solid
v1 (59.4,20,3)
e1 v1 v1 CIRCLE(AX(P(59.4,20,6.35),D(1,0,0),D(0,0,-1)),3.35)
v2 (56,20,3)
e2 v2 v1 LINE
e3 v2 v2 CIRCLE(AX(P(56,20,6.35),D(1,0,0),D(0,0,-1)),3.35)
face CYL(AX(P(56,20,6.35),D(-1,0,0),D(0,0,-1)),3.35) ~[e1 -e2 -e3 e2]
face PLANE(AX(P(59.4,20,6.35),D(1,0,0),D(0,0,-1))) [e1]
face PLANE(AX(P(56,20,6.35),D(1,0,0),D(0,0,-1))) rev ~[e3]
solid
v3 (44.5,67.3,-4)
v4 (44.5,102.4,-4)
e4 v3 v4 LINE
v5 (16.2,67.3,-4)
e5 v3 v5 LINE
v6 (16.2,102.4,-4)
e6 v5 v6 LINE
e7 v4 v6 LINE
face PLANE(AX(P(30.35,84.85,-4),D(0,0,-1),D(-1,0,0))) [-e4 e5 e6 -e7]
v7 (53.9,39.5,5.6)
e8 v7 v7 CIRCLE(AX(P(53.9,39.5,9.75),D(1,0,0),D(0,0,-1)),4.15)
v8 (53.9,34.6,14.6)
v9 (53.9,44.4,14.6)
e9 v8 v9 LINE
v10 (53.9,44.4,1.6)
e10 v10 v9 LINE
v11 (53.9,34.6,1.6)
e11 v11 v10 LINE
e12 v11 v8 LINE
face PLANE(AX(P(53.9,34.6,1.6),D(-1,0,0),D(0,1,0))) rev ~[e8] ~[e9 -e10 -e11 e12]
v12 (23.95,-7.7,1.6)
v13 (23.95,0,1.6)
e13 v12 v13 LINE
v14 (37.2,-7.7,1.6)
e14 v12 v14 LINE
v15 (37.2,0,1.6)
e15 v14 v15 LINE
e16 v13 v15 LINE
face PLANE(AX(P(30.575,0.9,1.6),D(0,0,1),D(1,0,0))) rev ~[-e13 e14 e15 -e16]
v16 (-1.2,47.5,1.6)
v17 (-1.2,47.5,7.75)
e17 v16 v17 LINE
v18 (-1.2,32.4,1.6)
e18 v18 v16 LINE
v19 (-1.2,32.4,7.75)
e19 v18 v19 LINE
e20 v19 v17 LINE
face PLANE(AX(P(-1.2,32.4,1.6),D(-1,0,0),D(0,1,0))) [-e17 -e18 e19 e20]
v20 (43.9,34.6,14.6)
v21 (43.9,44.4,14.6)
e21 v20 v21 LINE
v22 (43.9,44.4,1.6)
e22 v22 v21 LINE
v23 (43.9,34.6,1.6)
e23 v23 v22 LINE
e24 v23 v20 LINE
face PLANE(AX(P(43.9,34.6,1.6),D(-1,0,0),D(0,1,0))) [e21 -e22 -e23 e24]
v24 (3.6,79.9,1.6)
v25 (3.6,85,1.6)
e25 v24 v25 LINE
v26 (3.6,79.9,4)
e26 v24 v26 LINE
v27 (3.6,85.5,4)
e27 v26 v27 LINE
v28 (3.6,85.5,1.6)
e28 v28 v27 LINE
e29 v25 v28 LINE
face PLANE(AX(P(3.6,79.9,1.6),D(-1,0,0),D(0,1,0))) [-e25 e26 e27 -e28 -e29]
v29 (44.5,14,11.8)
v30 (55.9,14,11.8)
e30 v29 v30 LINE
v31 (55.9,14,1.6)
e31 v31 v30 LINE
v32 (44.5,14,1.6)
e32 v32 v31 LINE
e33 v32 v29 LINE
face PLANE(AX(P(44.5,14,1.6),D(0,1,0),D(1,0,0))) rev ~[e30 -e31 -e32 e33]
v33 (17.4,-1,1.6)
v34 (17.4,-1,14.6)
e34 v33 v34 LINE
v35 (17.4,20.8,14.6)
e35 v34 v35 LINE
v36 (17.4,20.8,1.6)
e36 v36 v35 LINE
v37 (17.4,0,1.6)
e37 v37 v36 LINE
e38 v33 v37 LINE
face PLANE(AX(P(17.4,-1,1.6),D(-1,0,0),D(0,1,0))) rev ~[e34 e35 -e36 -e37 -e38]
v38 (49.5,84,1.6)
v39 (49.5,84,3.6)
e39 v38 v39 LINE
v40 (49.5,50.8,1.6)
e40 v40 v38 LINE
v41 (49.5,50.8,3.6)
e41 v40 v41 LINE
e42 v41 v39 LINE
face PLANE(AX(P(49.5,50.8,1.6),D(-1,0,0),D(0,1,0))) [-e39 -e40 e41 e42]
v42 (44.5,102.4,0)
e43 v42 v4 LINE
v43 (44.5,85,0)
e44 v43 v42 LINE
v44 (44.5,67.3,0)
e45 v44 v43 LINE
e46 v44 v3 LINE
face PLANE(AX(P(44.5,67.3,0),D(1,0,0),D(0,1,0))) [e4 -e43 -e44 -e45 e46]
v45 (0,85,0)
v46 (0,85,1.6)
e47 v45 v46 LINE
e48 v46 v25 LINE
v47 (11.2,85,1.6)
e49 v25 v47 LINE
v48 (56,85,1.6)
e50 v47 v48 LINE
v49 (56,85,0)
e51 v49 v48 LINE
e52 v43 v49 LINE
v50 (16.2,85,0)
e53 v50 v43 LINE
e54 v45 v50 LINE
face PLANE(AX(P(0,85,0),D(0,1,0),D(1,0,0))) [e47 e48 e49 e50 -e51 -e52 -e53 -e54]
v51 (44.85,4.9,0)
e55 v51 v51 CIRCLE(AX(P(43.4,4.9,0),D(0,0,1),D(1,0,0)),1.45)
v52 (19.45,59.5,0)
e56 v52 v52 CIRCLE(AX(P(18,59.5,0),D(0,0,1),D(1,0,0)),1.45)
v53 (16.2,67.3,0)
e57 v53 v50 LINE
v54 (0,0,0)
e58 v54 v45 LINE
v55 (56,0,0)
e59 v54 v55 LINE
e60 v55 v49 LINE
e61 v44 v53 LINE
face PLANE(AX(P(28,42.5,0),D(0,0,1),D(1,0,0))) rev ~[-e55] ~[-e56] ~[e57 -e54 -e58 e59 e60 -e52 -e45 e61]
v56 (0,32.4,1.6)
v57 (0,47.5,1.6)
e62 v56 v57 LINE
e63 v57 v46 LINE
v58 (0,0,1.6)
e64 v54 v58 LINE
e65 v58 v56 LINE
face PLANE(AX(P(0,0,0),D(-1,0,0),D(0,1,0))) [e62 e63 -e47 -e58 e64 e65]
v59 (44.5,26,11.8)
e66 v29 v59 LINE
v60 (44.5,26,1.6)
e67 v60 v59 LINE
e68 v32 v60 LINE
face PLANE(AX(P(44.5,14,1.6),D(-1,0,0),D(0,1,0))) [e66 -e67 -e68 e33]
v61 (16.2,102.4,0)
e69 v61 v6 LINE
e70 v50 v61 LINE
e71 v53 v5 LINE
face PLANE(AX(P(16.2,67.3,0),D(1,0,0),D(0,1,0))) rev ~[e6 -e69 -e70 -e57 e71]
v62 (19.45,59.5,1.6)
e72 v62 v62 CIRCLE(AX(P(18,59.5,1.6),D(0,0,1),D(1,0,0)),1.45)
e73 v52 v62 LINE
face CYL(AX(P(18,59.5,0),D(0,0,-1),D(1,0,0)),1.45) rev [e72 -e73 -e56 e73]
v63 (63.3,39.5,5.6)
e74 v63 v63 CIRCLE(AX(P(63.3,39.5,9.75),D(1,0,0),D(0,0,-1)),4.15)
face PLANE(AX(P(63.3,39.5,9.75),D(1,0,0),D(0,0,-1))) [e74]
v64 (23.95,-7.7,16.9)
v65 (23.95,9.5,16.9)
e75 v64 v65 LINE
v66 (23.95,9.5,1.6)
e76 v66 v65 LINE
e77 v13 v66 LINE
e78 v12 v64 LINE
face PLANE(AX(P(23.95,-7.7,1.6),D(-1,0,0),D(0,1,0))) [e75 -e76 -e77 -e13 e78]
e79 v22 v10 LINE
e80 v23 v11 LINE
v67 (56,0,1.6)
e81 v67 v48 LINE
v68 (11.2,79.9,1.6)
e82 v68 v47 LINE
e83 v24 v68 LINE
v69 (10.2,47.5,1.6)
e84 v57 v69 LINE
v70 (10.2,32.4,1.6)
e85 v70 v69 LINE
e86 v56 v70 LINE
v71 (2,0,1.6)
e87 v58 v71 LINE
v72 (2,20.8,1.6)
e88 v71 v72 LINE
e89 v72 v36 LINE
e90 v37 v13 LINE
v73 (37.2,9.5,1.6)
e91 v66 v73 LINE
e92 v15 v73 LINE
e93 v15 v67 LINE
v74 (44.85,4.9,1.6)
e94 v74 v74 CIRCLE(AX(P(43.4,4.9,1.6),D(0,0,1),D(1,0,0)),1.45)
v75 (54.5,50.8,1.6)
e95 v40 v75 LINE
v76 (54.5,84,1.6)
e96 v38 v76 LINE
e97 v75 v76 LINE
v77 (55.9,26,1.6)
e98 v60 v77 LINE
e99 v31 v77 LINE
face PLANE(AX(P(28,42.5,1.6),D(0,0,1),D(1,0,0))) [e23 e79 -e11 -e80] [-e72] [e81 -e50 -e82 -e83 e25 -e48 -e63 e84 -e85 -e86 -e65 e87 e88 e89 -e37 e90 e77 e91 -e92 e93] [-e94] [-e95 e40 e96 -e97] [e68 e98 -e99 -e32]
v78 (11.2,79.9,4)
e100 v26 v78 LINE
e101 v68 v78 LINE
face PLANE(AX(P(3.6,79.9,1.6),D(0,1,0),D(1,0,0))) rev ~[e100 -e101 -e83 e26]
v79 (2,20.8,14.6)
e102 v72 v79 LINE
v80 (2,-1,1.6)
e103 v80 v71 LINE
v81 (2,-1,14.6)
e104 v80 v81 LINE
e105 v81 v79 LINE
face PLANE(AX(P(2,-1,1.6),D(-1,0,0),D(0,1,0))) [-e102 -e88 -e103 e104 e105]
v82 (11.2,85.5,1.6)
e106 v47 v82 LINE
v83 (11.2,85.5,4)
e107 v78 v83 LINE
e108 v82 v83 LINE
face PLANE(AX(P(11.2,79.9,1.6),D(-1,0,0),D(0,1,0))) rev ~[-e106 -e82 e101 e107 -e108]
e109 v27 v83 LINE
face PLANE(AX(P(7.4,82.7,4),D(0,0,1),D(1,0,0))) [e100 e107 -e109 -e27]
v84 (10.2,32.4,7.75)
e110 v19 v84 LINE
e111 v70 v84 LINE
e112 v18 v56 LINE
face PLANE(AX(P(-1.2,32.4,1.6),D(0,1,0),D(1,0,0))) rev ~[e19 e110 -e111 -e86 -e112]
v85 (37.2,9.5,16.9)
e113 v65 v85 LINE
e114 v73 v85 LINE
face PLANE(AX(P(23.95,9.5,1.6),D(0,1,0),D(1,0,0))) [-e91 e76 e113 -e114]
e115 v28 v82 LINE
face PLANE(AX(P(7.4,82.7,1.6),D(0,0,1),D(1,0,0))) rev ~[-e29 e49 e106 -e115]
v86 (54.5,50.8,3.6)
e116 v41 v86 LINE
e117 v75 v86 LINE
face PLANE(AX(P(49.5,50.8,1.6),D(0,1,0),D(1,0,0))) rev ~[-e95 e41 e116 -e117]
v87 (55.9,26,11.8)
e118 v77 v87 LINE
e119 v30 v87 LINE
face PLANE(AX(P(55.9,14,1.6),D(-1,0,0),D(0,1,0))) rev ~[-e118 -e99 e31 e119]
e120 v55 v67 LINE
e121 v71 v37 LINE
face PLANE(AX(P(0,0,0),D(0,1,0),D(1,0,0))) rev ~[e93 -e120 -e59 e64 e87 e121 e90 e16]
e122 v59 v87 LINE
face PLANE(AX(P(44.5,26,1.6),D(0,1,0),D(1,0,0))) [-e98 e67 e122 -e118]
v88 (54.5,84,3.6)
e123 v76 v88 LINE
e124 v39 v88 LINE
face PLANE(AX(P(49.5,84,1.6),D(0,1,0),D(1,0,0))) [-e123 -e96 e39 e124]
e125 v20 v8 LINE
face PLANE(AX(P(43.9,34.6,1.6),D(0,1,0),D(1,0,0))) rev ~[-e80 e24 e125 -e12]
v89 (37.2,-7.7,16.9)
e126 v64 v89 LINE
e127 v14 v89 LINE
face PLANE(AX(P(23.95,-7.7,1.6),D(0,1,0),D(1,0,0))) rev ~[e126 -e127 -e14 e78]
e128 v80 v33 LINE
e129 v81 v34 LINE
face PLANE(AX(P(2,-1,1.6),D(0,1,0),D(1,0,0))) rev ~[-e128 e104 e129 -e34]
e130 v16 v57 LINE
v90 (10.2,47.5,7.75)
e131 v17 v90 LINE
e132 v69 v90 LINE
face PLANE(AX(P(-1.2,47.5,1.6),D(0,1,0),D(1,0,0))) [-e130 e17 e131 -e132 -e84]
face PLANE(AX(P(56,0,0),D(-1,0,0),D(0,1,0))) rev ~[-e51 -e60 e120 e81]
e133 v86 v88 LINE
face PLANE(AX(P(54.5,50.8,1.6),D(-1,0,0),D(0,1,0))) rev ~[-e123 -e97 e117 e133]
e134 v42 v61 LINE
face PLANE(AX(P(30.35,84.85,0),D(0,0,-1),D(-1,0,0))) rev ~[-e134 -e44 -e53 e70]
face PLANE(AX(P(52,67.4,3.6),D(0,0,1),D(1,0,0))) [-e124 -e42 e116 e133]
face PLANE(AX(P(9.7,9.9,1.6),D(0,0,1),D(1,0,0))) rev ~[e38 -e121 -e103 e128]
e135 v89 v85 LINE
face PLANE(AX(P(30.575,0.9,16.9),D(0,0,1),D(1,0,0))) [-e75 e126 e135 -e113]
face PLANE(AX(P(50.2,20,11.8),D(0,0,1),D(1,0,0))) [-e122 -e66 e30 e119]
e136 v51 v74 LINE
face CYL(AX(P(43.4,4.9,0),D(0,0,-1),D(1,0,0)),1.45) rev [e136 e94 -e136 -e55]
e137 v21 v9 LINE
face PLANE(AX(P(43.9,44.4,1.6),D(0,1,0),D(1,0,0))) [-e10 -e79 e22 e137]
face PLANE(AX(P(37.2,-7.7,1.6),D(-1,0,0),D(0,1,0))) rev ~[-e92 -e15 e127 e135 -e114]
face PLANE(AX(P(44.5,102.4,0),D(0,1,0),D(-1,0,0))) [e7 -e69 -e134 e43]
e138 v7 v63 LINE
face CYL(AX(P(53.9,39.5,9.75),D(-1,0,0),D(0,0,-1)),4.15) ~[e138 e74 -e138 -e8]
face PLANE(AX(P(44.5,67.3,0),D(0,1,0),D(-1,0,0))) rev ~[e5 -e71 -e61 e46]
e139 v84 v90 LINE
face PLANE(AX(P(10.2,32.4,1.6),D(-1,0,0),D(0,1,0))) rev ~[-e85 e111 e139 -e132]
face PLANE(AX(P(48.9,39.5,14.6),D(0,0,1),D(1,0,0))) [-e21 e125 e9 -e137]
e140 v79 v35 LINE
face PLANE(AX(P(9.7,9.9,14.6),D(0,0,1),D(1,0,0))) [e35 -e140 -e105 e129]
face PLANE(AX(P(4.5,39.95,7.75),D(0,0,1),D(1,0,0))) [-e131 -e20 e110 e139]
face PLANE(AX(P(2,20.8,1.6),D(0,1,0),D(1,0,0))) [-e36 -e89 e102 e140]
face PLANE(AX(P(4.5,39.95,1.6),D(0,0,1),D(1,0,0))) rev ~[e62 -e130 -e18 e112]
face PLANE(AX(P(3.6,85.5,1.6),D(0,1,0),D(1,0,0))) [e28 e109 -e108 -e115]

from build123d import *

# Parameters (mm, degrees)
CROQUIS1_W               = 56
CROQUIS1_H               = 85
CROQUIS1_R               = 1.45
SALIENTE_EXTRUIR1_DEPTH  = 1.6
CROQUIS2_W               = 7.6
CROQUIS2_H               = 5.6
SALIENTE_EXTRUIR2_DEPTH  = 2.4
CROQUIS3_W               = 11.4
CROQUIS3_H               = 15.1
SALIENTE_EXTRUIR3_DEPTH  = 6.15
CROQUIS4_W               = 15.4
CROQUIS4_H               = 21.8
SALIENTE_EXTRUIR4_DEPTH  = 13
CROQUIS5_W               = 13.25
CROQUIS5_H               = 17.2
SALIENTE_EXTRUIR5_DEPTH  = 15.3
CROQUIS6_W               = 11.4
CROQUIS6_H               = 12
SALIENTE_EXTRUIR6_DEPTH  = 10.2
CROQUIS7_W               = 10
CROQUIS7_H               = 9.8
SALIENTE_EXTRUIR7_DEPTH  = 13
CROQUIS8_W               = 5
CROQUIS8_H               = 33.2
SALIENTE_EXTRUIR8_DEPTH  = 2
CROQUIS10_W              = 28.3
CROQUIS10_H              = 35.1
SALIENTE_EXTRUIR9_DEPTH  = 4
CROQUIS11_R              = 3.35
SALIENTE_EXTRUIR10_DEPTH = 3.4
CROQUIS12_R              = 4.15
SALIENTE_EXTRUIR11_DEPTH = 9.4


with BuildPart() as part:
    # Croquis1 → Saliente-Extruir1 (new body)
    with BuildSketch(Plane.XY):
        with Locations((28, 42.5)):
            Rectangle(CROQUIS1_W, CROQUIS1_H)
        with Locations((43.4, 4.9)):
            Circle(CROQUIS1_R, mode=Mode.SUBTRACT)
        with Locations((18, 59.5)):
            Circle(CROQUIS1_R, mode=Mode.SUBTRACT)
    extrude(amount=SALIENTE_EXTRUIR1_DEPTH)

    # Croquis2 → Saliente-Extruir2 (add)
    with BuildSketch(Plane.XY.offset(1.6)):
        with Locations((7.4, 82.7)):
            Rectangle(CROQUIS2_W, CROQUIS2_H)
    extrude(amount=SALIENTE_EXTRUIR2_DEPTH)

    # Croquis3 → Saliente-Extruir3 (add)
    with BuildSketch(Plane.XY.offset(1.6)):
        with Locations((4.5, 39.95)):
            Rectangle(CROQUIS3_W, CROQUIS3_H)
    extrude(amount=SALIENTE_EXTRUIR3_DEPTH)

    # Croquis4 → Saliente-Extruir4 (add)
    with BuildSketch(Plane.XY.offset(1.6)):
        with Locations((9.7, 9.9)):
            Rectangle(CROQUIS4_W, CROQUIS4_H)
    extrude(amount=SALIENTE_EXTRUIR4_DEPTH)

    # Croquis5 → Saliente-Extruir5 (add)
    with BuildSketch(Plane.XY.offset(1.6)):
        with Locations((30.575, 0.9)):
            Rectangle(CROQUIS5_W, CROQUIS5_H)
    extrude(amount=SALIENTE_EXTRUIR5_DEPTH)

    # Croquis6 → Saliente-Extruir6 (add)
    with BuildSketch(Plane.XY.offset(1.6)):
        with Locations((50.2, 20)):
            Rectangle(CROQUIS6_W, CROQUIS6_H)
    extrude(amount=SALIENTE_EXTRUIR6_DEPTH)

    # Croquis7 → Saliente-Extruir7 (add)
    with BuildSketch(Plane.XY.offset(1.6)):
        with Locations((48.9, 39.5)):
            Rectangle(CROQUIS7_W, CROQUIS7_H)
    extrude(amount=SALIENTE_EXTRUIR7_DEPTH)

    # Croquis8 → Saliente-Extruir8 (add)
    with BuildSketch(Plane.XY.offset(1.6)):
        with Locations((52, 67.4)):
            Rectangle(CROQUIS8_W, CROQUIS8_H)
    extrude(amount=SALIENTE_EXTRUIR8_DEPTH)

    # Croquis10 → Saliente-Extruir9 (add)
    with BuildSketch(Plane(origin=(0, 0, 0), x_dir=(-1, 0, 0), z_dir=(0, 0, -1))):
        with Locations((-30.35, 84.85)):
            Rectangle(CROQUIS10_W, CROQUIS10_H)
    extrude(amount=SALIENTE_EXTRUIR9_DEPTH)

    # Croquis12 → Saliente-Extruir11 (add)
    with BuildSketch(Plane(origin=(53.9, 0, 0), x_dir=(0, 0, -1), z_dir=(1, 0, 0))):
        with Locations((-9.75, 39.5)):
            Circle(CROQUIS12_R)
    extrude(amount=SALIENTE_EXTRUIR11_DEPTH)


with BuildPart() as body_2:
    # Croquis11 → Saliente-Extruir10 (new body)
    with BuildSketch(Plane(origin=(56, 0, 0), x_dir=(0, 0, -1), z_dir=(1, 0, 0))):
        with Locations((-6.35, 20)):
            Circle(CROQUIS11_R)
    extrude(amount=SALIENTE_EXTRUIR10_DEPTH)


solid = Compound([part.part, body_2.part])
